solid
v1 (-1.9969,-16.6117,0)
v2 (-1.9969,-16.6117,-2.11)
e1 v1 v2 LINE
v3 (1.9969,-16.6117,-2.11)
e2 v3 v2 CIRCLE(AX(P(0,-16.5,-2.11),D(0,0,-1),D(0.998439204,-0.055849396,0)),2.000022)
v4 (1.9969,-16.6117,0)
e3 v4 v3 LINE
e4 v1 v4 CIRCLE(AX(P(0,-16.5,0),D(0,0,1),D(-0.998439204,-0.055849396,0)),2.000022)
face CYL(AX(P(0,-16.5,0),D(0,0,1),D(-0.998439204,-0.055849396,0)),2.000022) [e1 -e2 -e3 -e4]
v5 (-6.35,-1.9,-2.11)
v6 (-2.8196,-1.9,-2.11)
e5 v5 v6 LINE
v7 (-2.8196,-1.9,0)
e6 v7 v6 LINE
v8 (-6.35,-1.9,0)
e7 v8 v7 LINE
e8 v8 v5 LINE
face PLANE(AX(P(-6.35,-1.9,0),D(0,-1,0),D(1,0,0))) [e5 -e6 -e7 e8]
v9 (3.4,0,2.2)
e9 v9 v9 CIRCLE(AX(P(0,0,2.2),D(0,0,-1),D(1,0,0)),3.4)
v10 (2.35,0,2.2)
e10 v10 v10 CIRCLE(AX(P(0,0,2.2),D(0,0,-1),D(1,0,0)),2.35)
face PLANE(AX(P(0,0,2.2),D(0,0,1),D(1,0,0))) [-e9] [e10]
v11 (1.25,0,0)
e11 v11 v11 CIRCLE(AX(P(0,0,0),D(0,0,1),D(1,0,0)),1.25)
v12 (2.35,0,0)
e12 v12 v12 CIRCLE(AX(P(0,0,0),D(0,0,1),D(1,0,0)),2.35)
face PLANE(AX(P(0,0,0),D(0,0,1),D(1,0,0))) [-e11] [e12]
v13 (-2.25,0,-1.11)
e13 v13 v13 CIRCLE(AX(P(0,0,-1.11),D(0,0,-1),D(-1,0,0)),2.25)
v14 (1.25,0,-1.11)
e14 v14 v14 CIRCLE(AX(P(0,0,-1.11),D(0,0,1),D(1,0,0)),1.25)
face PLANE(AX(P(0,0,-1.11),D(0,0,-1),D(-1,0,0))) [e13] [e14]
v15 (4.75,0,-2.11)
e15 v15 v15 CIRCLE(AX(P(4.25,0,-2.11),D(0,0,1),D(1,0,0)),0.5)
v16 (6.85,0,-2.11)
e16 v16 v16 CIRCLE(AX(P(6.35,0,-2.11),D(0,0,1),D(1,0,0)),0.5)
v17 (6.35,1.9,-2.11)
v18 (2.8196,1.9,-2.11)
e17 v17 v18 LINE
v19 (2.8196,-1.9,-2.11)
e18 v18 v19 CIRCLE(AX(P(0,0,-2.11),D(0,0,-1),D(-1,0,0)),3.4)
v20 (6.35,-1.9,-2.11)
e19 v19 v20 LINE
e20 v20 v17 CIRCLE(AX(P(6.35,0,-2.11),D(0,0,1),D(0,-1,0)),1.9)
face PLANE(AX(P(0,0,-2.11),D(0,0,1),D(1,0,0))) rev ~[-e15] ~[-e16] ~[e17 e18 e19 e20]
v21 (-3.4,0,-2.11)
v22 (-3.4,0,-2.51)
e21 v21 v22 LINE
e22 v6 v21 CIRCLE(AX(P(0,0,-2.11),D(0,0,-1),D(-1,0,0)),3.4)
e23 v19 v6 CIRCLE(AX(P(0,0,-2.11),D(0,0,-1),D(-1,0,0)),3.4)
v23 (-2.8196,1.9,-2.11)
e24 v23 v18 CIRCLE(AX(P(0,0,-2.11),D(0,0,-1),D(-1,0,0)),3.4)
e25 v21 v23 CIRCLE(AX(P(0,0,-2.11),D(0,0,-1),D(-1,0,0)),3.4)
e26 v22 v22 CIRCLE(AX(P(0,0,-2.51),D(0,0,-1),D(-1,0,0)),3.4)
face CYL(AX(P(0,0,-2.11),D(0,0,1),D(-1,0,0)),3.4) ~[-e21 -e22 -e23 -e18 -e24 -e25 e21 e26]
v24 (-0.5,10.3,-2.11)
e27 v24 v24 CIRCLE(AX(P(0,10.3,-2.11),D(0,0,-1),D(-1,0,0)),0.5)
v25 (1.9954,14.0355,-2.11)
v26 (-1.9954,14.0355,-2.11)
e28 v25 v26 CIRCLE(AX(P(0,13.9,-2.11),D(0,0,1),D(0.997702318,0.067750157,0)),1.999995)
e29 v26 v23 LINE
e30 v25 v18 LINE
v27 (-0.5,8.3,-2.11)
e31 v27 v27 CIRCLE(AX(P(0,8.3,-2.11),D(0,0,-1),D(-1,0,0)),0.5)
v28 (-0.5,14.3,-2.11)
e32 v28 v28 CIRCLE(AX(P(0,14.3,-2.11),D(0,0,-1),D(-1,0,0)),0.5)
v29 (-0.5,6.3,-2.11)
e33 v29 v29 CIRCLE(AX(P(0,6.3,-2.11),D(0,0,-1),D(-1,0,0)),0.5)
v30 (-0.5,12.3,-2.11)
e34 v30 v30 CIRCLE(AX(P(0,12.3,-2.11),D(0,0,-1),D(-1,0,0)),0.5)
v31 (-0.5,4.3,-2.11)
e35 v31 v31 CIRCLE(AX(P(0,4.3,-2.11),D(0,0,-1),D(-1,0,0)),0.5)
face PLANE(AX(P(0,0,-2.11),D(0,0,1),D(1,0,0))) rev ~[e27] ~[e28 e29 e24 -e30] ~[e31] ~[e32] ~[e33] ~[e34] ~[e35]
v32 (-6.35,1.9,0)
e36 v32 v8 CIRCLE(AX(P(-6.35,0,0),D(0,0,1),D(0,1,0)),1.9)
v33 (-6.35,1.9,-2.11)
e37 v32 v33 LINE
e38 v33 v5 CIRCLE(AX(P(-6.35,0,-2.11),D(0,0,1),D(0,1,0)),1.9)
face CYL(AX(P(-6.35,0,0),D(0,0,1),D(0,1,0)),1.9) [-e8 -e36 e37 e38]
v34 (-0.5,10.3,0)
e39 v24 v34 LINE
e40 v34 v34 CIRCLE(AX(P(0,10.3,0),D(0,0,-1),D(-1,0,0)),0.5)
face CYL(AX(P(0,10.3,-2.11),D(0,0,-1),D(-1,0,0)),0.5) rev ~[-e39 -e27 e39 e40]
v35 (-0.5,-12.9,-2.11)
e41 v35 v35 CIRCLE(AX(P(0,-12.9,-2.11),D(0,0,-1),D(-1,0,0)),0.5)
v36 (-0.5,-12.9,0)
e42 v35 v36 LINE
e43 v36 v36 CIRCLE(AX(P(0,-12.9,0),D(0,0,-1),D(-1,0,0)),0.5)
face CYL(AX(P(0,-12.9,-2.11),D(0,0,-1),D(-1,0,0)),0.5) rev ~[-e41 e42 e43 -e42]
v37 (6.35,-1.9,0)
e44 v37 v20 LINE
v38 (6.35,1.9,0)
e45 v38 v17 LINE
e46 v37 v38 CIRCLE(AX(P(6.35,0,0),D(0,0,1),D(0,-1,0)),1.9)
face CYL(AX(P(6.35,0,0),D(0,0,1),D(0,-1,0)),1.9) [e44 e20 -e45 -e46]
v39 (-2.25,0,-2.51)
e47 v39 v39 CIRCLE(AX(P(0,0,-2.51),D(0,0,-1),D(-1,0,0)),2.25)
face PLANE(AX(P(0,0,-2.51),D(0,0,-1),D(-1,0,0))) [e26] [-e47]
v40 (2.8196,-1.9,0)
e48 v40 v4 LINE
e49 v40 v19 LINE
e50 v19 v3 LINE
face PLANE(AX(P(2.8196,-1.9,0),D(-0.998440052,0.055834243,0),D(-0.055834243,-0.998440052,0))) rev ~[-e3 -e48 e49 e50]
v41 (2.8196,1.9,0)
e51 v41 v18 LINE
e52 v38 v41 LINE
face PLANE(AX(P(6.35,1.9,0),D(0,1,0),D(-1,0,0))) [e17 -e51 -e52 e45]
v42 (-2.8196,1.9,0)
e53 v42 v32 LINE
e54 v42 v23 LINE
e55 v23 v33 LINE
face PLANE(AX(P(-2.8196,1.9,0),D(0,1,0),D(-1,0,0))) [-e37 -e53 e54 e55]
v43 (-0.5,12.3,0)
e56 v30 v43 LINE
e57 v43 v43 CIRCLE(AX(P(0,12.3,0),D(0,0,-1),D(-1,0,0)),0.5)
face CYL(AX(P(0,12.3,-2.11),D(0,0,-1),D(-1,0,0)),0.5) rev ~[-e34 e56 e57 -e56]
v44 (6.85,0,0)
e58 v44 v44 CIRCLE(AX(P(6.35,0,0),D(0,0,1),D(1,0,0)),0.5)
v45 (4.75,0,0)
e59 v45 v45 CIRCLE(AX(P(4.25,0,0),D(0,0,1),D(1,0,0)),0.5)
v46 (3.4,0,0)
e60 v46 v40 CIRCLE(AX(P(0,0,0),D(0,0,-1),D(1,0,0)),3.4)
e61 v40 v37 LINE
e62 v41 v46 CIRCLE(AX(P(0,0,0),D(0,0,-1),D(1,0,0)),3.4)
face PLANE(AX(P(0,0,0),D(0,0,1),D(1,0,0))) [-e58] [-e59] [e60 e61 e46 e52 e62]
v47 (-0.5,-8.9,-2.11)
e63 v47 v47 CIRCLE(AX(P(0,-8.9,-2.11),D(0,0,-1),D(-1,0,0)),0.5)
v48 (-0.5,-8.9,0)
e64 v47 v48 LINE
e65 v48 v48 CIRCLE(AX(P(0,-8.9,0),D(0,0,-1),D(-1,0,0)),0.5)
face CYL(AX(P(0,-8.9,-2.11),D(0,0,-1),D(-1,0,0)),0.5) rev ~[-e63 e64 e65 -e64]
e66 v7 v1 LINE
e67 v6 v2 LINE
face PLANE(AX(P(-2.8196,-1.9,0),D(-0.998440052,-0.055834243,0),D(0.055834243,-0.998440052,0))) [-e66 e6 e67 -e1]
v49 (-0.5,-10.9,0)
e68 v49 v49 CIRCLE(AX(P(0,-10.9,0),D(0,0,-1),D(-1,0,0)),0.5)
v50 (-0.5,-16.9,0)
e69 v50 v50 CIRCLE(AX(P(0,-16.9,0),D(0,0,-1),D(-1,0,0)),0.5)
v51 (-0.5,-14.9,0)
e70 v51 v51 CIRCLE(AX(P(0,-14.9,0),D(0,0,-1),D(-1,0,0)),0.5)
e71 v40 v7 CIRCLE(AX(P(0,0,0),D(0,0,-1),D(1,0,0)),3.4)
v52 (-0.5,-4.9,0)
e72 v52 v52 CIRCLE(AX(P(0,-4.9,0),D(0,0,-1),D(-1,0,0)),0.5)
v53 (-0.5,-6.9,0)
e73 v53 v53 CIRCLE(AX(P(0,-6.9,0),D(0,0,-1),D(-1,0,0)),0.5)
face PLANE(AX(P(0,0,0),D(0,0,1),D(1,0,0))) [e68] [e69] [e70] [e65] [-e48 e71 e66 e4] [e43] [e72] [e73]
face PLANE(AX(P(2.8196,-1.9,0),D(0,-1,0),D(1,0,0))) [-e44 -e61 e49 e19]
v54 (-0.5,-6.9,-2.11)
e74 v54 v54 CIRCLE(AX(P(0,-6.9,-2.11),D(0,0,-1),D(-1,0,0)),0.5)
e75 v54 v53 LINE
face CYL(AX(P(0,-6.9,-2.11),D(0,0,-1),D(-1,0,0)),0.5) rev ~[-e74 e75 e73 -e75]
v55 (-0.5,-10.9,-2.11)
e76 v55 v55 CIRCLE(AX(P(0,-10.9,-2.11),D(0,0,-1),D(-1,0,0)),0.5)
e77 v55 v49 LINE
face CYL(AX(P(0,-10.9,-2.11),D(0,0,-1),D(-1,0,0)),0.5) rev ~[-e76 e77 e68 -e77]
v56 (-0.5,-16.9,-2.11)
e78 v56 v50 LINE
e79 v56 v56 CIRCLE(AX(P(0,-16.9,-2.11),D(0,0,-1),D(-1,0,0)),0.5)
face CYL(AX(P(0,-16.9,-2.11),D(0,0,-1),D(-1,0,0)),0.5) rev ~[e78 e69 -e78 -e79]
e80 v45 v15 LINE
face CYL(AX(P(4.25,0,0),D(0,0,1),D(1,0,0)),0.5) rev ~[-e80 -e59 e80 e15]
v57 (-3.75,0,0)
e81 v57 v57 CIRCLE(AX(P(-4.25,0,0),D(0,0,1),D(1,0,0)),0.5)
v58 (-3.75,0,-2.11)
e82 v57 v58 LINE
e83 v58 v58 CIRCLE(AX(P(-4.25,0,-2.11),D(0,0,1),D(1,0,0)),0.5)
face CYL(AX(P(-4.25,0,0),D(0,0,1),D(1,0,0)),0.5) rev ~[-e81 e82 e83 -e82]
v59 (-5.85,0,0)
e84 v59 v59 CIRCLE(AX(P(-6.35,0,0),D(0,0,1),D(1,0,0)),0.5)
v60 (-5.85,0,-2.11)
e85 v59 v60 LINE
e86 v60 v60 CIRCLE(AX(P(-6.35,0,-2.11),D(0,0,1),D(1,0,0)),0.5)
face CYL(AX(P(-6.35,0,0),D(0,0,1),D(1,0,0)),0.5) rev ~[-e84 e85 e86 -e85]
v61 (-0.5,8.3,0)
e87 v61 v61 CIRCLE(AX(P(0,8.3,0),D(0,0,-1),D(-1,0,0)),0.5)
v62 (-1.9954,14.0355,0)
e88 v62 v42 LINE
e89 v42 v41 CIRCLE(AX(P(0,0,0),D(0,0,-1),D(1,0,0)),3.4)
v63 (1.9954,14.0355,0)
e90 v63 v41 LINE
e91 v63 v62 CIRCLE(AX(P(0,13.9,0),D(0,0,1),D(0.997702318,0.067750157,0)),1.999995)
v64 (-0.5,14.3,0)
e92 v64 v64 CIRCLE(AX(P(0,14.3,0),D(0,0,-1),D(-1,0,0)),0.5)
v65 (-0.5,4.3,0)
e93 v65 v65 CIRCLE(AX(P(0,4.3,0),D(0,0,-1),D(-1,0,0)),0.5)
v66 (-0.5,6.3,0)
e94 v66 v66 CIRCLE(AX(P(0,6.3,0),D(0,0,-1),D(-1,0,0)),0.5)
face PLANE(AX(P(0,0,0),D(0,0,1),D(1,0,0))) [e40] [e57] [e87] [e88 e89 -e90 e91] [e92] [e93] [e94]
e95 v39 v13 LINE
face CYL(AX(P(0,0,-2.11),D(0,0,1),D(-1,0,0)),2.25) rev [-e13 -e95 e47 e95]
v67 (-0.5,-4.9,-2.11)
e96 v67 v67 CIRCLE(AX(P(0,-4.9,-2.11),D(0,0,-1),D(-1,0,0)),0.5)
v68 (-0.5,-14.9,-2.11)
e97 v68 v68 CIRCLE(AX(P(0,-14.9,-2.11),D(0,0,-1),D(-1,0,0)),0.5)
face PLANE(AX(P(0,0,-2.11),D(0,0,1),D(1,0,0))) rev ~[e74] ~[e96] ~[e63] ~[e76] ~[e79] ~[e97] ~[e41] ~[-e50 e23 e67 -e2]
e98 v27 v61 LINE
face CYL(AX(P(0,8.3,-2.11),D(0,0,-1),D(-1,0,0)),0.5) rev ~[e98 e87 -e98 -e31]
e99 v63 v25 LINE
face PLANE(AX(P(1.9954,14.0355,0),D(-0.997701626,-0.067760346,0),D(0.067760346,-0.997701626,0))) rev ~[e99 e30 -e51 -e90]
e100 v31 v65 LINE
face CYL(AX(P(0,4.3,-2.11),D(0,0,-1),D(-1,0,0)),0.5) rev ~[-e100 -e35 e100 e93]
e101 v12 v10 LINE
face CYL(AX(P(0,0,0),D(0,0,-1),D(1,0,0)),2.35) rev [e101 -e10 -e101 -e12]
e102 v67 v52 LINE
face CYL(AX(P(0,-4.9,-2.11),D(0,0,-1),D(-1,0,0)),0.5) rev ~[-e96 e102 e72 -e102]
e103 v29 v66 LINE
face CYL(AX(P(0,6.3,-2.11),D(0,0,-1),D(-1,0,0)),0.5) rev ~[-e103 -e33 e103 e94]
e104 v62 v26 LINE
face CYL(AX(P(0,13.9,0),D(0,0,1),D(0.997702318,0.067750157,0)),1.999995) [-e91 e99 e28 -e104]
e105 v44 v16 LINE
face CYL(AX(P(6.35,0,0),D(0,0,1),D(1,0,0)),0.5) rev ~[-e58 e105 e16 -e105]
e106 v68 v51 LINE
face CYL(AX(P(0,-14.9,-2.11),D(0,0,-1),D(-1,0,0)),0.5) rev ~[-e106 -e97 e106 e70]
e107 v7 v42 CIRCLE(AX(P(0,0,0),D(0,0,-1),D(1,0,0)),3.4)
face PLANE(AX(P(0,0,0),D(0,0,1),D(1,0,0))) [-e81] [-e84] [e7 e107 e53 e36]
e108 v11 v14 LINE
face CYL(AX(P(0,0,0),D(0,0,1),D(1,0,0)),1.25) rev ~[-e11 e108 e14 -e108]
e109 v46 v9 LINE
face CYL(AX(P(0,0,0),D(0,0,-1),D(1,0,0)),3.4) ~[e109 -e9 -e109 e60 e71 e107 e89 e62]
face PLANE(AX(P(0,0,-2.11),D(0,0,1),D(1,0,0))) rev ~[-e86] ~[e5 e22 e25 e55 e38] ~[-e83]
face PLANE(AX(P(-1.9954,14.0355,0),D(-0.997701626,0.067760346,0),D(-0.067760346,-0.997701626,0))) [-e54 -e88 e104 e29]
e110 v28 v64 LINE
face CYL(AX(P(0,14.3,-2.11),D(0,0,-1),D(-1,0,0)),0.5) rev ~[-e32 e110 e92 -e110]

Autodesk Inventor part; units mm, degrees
ref_plane "YZ Plane" through (0, 0, 0) normal (1, 0, 0) x (0, 1, 0)
ref_plane "XZ Plane" through (0, 0, 0) normal (0, 1, 0) x (-1, 0, 0)
ref_plane "XY Plane" through (0, 0, 0) normal (0, 0, 1) x (1, 0, 0)
sketch "스케치1" plane through (0, 0, 0) normal (0, 0, 1) x (1, 0, 0)
  circle A0 centre (0, 0) radius 2.5
  line L0 (-6.35, 0) -> (6.35, 0) construction
  line L1 (-6.35, -1.9) -> (6.35, -1.9)
  line L2 (6.35, 1.9) -> (-6.35, 1.9)
  arc A1 (-6.35, 1.9) -> (-6.35, -1.9) centre (-6.35, 0) ccw
  arc A2 (6.35, -1.9) -> (6.35, 1.9) centre (6.35, 0) ccw
  line L3 (0, 14.5) -> (0, -14.5) construction
  circle A3 centre (0, 14.5) radius 0.5
  circle A4 centre (0, -14.5) radius 0.5
  circle A5 centre (6.35, 0) radius 0.5
  circle A6 centre (-6.35, 0) radius 0.5
  circle A7 centre (-4.25, 0) radius 0.5
  circle A8 centre (4.25, 0) radius 0.5
  line L4 (0, -1.9) -> (0, -18.5)
  line L5 (0, 1.9) -> (0, 15.9)
  arc A9 (1.9954, 14.0355) -> (-1.9954, 14.0355) centre (0, 13.9) ccw
  arc A10 (-1.9969, -16.6117) -> (1.9969, -16.6117) centre (0, -16.5) ccw
  circle A11 centre (0, 0) radius 3.4
  line L6 (-1.9954, 14.0355) -> (-2.8196, 1.9)
  line L7 (1.9954, 14.0355) -> (2.8196, 1.9)
  line L8 (-2.8196, -1.9) -> (-1.9969, -16.6117)
  line L9 (2.8196, -1.9) -> (1.9969, -16.6117)
  circle A12 centre (0, 12.5) radius 0.5
  circle A13 centre (0, 10.5) radius 0.5
  circle A14 centre (0, 8.5) radius 0.5
  circle A15 centre (0, 6.5) radius 0.5
  circle A16 centre (0, 4.5) radius 0.5
  circle A17 centre (0, 0) radius 2.35
  circle A18 centre (0, -16.5) radius 0.5
  circle A19 centre (0, -12.5) radius 0.5
  circle A20 centre (0, -10.5) radius 0.5
  circle A21 centre (0, -8.5) radius 0.5
  circle A22 centre (0, -6.5) radius 0.5
  circle A23 centre (0, -4.5) radius 0.5
  dimension "d0" = 5
  dimension "d1" = 1.9
  dimension "d2" = 16.5
  dimension "d3" = 29
  dimension "d4" = 1
  dimension "d5" = 1
  dimension "d6" = 1
  dimension "d7" = 1
  dimension "d10" = 2.1
  dimension "d17" = 2.1
  dimension "d24" = 16.6
  dimension "d25" = 14
  dimension "d26" = 4
  dimension "d27" = 4
  dimension "d28" = 6.8
  dimension "d31" = 2
  dimension "d36" = 4.7
  dimension "d39" = 2
  dimension "d46" = 2
extrude "돌출1" add sketch "스케치1" along normal blind 2.2 contours A0 L1 A17 L2 | A0 L2 A11 L1 | L2 A17 L5 A0 | A0 L5 A11 L2 | L1 A11 L4 A0 | A0 L4 A17 L1 | L5 A17 L2 A0 | A0 L2 A11 L5 | A17 L1 L2 | L2 L5 A17 | L4 A11 L1 A0 | A0 L1 A17 L4 | A17 L4 L1 | L2 A17 L1 A0 | A0 L1 A11 L2 | L5 L2 A17 | A17 L1 L4
extrude "돌출2" add sketch "스케치1" against normal blind 2.11 contours A0 L1 A17 L2 | A0 L2 A11 L1 | L2 A17 L5 A0 | A0 L5 A11 L2 | L1 A11 L4 A0 | A0 L4 A17 L1 | L5 A17 L2 A0 | A0 L2 A11 L5 | L2 A2 L1 A11 | A11 L5 A16 A15 A14 A13 A12 A3 A9 L7 | A17 L1 L2 | L2 L5 A17 | L4 A11 L1 A0 | A0 L1 A17 L4 | A17 L4 L1 | L9 A10 L4 A18 A4 A19 A20 A21 A22 A23 A11 | L2 A17 L1 A0 | A0 L1 A11 L2 | L5 L2 A17 | A11 L6 A9 L5 A3 A12 A13 A14 A15 A16 | A17 L1 L4 | L4 A23 A22 A21 A20 A19 A4 A18 A10 L8 A11 | A11 L1 A1 L2
extrude "돌출3" cut sketch "스케치1" along normal blind 3.65 contours A17 L1 L2 | L2 L5 A17 | A17 L4 L1 | L5 L2 A17 | A17 L1 L4
sketch "스케치2" plane through (0, 0, 0) normal (0, 0, 1) x (1, 0, 0)
  circle A0 centre (0, 0) radius 1.25
  dimension "d57" = 2.5
extrude "돌출4" cut sketch "스케치2" against normal blind 7.6
sketch "스케치3" plane through (0, 0, -2.11) normal (0, 0, -1) x (-1, 0, 0)
  circle A0 centre (0, 0) radius 2.25
  dimension "d60" = 4.5
extrude "돌출5" cut sketch "스케치3" against normal blind 1
sketch "스케치4" plane through (0, 0, -2.11) normal (0, 0, -1) x (-1, 0, 0)
  point P0 (0, 0)
sketch "스케치5" plane through (0, 0, -2.11) normal (0, 0, -1) x (-1, 0, 0)
  circle A0 centre (0, 0) radius 3.4
  circle A1 centre (0, 0) radius 2.25
  dimension "d63" = 4.5
  dimension "d64" = 6.8
extrude "돌출6" add sketch "스케치5" along normal blind 0.4
sketch "스케치6" plane through (0, 0, -2.11) normal (0, 0, -1) x (-1, 0, 0)
  line L0 (0.9014, 15.3127) -> (-1.0592, 15.3127)
  line L1 (-1.0592, 15.3127) -> (-1.0592, 3.6394)
  line L2 (-1.0592, 3.6394) -> (0.9014, 3.6394)
  line L3 (0.9014, 3.6394) -> (0.9014, 15.3127)
  line L4 (1.0141, -3.7747) -> (-1.0592, -3.7747)
  line L5 (-1.0592, -3.7747) -> (-1.0592, -17.386)
  line L6 (-1.0592, -17.386) -> (1.0141, -17.386)
  line L7 (1.0141, -17.386) -> (1.0141, -3.7747)
  point P0 (0, 0)
extrude "돌출7" add sketch "스케치6" against normal blind 2.11
sketch "스케치7" plane through (0, 0, -2.11) normal (0, 0, -1) x (-1, 0, 0)
  circle A0 centre (0, 14.3) radius 0.5
  arc A1 (1.9954, 14.0355) -> (-1.9954, 14.0355) centre (0, 13.9) ccw projected
  line L0 (0, 0) -> (0, 0.7105)
  line L1 (0, 0) -> (0.8275, 0)
  circle A2 centre (0, 12.3) radius 0.5
  circle A3 centre (0, 10.3) radius 0.5
  circle A4 centre (0, 8.3) radius 0.5
  circle A5 centre (0, 6.3) radius 0.5
  circle A6 centre (0, 4.3) radius 0.5
  line L2 (0, 15.9) -> (3.4178, 15.9)
  arc A7 (1.9954, 14.0355) -> (-1.9954, 14.0355) centre (0, 13.9) ccw projected
  circle A8 centre (0, -16.9) radius 0.5
  arc A9 (-1.9969, -16.6117) -> (1.9969, -16.6117) centre (0, -16.5) ccw projected
  circle A10 centre (0, -14.9) radius 0.5
  circle A11 centre (0, -12.9) radius 0.5
  circle A12 centre (0, -10.9) radius 0.5
  circle A13 centre (0, -8.9) radius 0.5
  circle A14 centre (0, -6.9) radius 0.5
  circle A15 centre (0, -4.9) radius 0.5
  point P0 (0, -18.5)
  dimension "d69" = 1
  dimension "d73" = 2
  dimension "d78" = 1.6
  dimension "d79" = 1
  dimension "d80" = 1.6
  dimension "d86" = 2
extrude "돌출8" cut sketch "스케치7" against normal blind 2.11
sketch "스케치9" plane through (0, 0, -2.11) normal (0, 0, -1) x (-1, 0, 0)
  circle A0 centre (0, 14.3) radius 0.5 projected
  circle A1 centre (0, -16.9) radius 0.5 projected
  point P0 (0, 0)
  dimension "d90" = 14.3
  dimension "d91" = 16.9
properties part number "180도 서보모터 십자축"
